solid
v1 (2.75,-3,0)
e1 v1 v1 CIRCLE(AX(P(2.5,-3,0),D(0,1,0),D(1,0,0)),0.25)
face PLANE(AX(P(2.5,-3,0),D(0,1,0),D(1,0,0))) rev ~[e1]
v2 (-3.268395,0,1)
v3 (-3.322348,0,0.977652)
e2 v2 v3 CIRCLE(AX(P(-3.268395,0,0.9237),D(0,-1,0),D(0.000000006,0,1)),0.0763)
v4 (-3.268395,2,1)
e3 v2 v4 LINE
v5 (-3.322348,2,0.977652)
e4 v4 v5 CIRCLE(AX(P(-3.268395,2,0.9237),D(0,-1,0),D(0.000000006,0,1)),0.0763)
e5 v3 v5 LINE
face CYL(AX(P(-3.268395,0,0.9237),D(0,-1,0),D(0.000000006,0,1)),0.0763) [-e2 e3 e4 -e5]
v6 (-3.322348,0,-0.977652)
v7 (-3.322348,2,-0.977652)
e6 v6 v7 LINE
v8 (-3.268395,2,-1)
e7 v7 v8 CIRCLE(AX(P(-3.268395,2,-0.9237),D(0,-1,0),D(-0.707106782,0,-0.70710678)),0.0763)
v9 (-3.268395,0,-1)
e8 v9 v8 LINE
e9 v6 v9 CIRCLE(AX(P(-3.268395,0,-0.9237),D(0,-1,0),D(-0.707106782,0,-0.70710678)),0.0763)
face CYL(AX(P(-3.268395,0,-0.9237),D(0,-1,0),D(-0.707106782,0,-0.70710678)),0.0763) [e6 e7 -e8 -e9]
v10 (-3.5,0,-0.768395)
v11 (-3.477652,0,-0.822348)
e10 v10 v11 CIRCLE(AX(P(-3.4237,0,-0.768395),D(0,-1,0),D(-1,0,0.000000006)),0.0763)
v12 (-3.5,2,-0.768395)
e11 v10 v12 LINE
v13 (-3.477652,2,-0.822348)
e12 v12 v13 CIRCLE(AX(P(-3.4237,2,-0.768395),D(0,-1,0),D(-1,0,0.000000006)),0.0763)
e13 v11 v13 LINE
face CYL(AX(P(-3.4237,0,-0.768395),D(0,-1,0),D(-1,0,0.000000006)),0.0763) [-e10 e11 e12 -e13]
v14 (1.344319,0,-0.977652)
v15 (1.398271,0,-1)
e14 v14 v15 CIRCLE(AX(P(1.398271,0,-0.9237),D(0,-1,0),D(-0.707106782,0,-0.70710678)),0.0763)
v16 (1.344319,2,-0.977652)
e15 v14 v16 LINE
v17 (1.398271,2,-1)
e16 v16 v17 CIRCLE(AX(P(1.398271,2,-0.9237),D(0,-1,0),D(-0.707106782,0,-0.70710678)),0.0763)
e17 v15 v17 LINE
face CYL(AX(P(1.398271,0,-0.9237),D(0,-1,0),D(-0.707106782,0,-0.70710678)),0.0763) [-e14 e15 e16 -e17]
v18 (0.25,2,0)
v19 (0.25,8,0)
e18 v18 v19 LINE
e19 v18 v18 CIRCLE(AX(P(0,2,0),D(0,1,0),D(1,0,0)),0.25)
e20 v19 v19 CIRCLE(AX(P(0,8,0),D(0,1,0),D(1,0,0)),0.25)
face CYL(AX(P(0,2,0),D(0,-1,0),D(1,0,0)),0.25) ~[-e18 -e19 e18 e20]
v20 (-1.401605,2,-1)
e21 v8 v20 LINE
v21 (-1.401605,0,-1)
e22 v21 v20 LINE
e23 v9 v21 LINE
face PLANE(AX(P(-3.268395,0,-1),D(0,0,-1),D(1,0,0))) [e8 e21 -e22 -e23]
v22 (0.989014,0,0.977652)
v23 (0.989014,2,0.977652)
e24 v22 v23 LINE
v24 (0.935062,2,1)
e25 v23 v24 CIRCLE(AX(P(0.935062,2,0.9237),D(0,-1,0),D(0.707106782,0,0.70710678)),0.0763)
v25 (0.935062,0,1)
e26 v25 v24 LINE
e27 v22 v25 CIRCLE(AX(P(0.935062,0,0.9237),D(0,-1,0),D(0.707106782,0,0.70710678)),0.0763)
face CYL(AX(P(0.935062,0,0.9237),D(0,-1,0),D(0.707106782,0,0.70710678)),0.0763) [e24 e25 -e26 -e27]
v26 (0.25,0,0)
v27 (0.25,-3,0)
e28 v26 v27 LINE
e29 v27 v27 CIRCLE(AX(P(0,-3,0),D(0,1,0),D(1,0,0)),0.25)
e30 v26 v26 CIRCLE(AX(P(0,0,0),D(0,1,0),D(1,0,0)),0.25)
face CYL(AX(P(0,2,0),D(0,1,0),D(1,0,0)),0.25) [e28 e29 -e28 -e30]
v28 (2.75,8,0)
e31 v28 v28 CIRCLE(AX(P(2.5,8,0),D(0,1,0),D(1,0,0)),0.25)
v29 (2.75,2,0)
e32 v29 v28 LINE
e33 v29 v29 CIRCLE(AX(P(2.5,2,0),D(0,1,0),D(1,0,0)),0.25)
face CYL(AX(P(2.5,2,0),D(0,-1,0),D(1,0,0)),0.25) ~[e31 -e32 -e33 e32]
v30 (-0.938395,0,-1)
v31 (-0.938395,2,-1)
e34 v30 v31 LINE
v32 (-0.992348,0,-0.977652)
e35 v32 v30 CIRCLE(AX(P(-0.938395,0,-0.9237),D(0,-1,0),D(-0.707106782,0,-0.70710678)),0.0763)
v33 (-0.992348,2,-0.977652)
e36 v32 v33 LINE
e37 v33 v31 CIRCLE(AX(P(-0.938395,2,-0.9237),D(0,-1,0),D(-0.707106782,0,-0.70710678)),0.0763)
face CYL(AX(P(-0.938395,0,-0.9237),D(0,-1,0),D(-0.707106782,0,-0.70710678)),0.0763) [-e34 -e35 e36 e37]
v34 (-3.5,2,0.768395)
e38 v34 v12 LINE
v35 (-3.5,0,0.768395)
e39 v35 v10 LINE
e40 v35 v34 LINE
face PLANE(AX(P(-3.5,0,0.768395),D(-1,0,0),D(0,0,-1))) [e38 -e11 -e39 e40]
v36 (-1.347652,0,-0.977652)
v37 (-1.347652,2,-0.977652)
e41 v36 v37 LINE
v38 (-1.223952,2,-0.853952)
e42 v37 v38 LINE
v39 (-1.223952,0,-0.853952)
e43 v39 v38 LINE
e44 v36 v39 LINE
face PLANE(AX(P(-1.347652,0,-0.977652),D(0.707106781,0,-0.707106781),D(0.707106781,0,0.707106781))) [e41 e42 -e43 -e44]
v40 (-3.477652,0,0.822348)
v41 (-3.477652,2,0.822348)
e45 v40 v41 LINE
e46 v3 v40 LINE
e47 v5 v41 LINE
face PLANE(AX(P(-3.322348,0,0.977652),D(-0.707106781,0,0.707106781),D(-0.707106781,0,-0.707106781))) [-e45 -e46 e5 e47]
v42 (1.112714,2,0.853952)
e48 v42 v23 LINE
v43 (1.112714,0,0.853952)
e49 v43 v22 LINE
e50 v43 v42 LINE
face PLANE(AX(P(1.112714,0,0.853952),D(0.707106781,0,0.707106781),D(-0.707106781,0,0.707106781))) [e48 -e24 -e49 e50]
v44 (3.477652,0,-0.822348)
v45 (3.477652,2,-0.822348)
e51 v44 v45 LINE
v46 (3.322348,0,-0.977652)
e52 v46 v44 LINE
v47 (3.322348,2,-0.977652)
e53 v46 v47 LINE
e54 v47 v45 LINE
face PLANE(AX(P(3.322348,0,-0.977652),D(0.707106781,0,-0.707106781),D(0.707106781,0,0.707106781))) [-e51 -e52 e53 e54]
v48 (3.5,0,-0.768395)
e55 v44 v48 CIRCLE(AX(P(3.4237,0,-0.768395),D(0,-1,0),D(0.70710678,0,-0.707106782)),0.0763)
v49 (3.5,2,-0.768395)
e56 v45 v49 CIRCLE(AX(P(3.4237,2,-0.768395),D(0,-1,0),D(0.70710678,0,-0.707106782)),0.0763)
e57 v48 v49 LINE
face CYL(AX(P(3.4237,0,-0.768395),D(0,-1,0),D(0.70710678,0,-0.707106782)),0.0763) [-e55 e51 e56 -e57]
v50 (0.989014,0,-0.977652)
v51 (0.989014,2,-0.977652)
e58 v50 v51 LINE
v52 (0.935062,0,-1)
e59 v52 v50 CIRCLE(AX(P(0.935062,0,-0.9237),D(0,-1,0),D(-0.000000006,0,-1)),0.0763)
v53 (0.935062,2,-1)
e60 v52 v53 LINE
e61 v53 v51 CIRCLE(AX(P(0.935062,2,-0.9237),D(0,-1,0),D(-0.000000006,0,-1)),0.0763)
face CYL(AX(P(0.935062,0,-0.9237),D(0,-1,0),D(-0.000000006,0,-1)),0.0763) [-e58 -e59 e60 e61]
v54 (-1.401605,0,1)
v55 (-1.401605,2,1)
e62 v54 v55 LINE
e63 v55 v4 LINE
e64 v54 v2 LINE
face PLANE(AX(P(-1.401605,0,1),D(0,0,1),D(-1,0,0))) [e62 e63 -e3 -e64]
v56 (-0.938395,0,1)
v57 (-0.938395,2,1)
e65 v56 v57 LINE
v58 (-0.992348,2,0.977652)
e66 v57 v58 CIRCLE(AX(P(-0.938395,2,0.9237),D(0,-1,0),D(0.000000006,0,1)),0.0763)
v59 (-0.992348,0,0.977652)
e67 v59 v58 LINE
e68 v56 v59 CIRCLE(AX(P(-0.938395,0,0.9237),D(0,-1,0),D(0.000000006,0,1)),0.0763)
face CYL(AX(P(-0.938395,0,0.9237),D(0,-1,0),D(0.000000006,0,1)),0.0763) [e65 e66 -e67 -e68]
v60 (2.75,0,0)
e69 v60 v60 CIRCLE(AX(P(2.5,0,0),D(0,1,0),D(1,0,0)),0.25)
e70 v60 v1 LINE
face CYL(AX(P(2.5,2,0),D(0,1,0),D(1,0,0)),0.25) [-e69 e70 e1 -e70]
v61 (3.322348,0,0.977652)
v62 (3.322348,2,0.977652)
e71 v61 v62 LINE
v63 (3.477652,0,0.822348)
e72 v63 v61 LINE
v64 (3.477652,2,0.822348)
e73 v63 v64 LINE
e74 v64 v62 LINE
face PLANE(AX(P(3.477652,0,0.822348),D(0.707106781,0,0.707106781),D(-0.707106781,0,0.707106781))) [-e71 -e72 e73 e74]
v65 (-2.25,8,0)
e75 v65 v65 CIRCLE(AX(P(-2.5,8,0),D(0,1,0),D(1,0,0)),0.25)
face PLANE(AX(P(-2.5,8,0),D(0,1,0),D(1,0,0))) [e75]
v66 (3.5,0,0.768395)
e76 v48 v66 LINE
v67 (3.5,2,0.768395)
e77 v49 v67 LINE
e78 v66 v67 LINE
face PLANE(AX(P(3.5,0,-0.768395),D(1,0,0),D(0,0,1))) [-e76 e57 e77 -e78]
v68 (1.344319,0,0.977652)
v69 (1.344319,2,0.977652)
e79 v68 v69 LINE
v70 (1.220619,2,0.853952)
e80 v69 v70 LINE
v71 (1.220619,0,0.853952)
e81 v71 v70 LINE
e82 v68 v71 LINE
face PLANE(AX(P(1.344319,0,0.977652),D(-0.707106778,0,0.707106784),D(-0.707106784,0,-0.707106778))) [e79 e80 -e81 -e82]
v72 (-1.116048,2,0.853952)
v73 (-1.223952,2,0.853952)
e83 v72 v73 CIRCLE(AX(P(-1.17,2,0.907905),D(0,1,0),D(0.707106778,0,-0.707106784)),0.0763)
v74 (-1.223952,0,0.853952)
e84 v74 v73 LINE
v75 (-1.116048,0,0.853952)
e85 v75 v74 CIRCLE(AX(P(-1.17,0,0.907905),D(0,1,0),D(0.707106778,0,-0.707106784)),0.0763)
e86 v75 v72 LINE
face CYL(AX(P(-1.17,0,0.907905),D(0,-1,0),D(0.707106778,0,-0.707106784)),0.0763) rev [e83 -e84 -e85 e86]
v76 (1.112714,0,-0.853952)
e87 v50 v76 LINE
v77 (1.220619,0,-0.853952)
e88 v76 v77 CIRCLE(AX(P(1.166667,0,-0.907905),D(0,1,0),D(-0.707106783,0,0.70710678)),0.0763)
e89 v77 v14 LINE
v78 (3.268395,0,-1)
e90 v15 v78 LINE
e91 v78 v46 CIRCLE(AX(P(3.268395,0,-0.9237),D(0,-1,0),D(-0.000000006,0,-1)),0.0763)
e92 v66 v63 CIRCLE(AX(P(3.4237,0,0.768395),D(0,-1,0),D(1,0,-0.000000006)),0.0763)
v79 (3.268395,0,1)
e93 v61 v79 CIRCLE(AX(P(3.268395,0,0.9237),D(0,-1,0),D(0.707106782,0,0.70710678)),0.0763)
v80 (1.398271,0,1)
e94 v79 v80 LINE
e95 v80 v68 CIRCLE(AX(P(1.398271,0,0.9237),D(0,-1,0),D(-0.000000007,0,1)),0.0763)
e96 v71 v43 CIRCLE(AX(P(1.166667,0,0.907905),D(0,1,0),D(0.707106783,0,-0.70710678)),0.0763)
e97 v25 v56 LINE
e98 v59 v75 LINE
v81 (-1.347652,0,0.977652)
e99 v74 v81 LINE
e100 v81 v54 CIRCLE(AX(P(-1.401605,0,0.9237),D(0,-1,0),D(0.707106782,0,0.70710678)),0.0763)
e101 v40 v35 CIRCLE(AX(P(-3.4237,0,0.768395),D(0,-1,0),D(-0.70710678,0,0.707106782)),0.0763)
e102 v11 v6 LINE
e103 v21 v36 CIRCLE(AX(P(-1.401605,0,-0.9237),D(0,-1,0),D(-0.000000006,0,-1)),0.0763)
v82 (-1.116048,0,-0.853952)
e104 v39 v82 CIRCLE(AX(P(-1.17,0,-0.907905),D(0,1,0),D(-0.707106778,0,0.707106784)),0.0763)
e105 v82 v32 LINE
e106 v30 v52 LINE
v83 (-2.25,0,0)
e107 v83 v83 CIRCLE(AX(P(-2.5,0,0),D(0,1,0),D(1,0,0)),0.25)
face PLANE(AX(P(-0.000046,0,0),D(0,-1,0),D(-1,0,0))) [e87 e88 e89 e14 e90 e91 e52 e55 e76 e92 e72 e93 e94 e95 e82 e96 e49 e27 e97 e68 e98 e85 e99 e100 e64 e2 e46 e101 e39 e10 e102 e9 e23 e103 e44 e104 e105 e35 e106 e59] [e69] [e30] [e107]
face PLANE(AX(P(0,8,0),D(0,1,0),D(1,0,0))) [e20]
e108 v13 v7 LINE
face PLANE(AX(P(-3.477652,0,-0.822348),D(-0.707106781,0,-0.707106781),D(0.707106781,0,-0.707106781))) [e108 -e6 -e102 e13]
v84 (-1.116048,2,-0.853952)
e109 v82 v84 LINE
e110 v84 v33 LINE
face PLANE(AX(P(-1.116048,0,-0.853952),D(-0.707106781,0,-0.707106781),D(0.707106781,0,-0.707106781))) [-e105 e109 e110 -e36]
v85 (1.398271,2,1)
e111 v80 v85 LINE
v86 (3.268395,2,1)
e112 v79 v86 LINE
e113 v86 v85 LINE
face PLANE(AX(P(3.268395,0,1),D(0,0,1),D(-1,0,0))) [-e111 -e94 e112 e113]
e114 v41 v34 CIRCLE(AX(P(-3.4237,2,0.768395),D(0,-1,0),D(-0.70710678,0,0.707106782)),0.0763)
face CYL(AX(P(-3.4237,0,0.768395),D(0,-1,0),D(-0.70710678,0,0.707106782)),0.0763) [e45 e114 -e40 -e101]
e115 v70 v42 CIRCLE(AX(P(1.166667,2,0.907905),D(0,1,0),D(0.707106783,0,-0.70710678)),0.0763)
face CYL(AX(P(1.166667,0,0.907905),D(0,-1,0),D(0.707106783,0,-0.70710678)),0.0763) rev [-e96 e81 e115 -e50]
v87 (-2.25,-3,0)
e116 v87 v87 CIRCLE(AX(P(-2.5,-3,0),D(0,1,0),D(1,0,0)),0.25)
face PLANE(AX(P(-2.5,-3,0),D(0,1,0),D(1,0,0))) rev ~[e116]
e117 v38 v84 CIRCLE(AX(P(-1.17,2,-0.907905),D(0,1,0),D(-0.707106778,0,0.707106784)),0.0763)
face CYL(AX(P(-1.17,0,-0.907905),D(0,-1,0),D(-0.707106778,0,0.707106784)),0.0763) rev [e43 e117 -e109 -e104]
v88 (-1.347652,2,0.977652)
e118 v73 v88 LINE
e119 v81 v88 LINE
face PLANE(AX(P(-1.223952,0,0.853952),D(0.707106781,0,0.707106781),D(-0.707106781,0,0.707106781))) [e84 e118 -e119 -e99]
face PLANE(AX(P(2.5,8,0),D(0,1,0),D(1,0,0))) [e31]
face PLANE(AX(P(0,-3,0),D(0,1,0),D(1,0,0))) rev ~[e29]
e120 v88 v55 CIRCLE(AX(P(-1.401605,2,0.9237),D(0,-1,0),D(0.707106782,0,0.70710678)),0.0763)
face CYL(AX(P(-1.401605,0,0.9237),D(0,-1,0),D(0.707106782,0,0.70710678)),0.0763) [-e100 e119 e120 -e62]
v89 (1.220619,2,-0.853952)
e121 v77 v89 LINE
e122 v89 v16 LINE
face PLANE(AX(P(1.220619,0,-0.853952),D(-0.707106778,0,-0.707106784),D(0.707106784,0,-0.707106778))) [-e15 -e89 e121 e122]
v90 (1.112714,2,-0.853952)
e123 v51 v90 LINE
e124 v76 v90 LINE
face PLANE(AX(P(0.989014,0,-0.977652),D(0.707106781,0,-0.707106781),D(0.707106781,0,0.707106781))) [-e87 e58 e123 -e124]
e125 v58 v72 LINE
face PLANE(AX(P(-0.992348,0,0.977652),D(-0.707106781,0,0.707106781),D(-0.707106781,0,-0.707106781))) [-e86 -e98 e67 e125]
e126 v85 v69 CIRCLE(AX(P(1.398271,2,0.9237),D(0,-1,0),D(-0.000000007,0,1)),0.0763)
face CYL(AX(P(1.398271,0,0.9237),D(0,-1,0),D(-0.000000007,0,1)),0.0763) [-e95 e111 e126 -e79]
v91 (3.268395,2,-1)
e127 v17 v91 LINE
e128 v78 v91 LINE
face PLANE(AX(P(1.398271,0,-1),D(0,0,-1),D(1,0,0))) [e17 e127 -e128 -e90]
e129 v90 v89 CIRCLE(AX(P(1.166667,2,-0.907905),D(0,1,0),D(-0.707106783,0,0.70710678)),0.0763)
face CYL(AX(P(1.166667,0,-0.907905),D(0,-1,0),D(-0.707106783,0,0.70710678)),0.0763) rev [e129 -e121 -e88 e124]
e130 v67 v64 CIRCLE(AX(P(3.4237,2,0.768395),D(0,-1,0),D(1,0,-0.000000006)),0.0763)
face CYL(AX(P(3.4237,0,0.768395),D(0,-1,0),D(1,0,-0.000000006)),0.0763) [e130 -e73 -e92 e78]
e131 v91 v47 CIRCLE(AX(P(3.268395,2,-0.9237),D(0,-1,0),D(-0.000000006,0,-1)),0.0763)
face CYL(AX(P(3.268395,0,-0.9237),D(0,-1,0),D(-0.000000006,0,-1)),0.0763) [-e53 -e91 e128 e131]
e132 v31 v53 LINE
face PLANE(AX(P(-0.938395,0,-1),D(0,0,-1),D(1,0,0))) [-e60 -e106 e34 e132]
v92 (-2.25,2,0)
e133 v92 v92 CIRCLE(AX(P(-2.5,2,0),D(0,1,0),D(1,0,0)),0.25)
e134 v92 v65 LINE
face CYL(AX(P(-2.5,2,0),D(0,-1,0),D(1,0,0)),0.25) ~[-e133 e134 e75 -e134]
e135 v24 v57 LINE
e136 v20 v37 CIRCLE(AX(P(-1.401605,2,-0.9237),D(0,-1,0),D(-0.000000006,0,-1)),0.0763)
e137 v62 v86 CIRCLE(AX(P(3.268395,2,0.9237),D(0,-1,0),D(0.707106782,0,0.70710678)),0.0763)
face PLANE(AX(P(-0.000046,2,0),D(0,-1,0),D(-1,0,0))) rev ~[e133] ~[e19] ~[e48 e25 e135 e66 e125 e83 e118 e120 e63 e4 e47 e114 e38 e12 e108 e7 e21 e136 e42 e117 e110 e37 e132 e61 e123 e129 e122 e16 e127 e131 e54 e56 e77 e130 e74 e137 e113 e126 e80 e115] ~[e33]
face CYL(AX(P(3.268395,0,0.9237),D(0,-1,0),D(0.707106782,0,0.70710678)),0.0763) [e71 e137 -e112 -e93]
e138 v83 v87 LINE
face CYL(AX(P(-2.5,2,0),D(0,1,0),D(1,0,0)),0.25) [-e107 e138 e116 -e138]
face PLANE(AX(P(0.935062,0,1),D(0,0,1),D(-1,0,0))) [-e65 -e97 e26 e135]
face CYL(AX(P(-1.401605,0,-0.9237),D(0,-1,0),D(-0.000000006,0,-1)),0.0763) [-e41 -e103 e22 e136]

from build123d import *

# Parameters (mm, degrees)
IZIM1_R                          = 0.25
Y_KSEKLIK_EKSTR_ZYON1_DEPTH      = 2
IZIM3_R                          = 0.25
Y_KSEKLIK_EKSTR_ZYON3_DEPTH      = 6
Y_KSEKLIK_EKSTR_ZYON3_DEPTH_BACK = 5


with BuildPart() as part:
    # Çizim1 → Yükseklik-Ekstrüzyon1 (new body)
    with BuildSketch(Plane(origin=(0, 0, 0), x_dir=(1, 0, 0), z_dir=(0, 1, 0))):
        with BuildLine():
            Line((-3.477652227, 0.822347773), (-3.322347773, 0.977652227))
            ThreePointArc((-3.322347773, 0.977652227), (-3.297594249, 0.994192003), (-3.268395476, 1))
            Line((-3.268395476, 1), (-1.401604524, 1))
            ThreePointArc((-1.401604524, 1), (-1.372405751, 0.994192003), (-1.347652227, 0.977652227))
            Line((-1.347652227, 0.977652227), (-1.223952297, 0.853952297))
            ThreePointArc((-1.223952297, 0.853952297), (-1.17, 0.831604524), (-1.116047703, 0.853952297))
            Line((-1.116047703, 0.853952297), (-0.992347773, 0.977652227))
            ThreePointArc((-0.992347773, 0.977652227), (-0.967594249, 0.994192003), (-0.938395476, 1))
            Line((-0.938395476, 1), (0.935062143, 1))
            ThreePointArc((0.935062143, 1), (0.964260916, 0.994192003), (0.98901444, 0.977652227))
            Line((0.98901444, 0.977652227), (1.11271437, 0.853952297))
            ThreePointArc((1.11271437, 0.853952297), (1.166666667, 0.831604524), (1.220618963, 0.853952297))
            Line((1.220618963, 0.853952297), (1.344318894, 0.977652227))
            ThreePointArc((1.344318894, 0.977652227), (1.369072418, 0.994192003), (1.39827119, 1))
            Line((1.39827119, 1), (3.268395476, 1))
            ThreePointArc((3.268395476, 1), (3.297594249, 0.994192003), (3.322347773, 0.977652227))
            Line((3.322347773, 0.977652227), (3.477652227, 0.822347773))
            ThreePointArc((3.477652227, 0.822347773), (3.494192003, 0.797594249), (3.5, 0.768395476))
            Line((3.5, 0.768395476), (3.5, -0.768395476))
            ThreePointArc((3.5, -0.768395476), (3.494192003, -0.797594249), (3.477652227, -0.822347773))
            Line((3.477652227, -0.822347773), (3.322347773, -0.977652227))
            ThreePointArc((3.322347773, -0.977652227), (3.297594249, -0.994192003), (3.268395476, -1))
            Line((3.268395476, -1), (1.39827119, -1))
            ThreePointArc((1.39827119, -1), (1.369072418, -0.994192003), (1.344318894, -0.977652227))
            Line((1.344318894, -0.977652227), (1.220618963, -0.853952297))
            ThreePointArc((1.220618963, -0.853952297), (1.166666667, -0.831604524), (1.11271437, -0.853952297))
            Line((1.11271437, -0.853952297), (0.98901444, -0.977652227))
            ThreePointArc((0.98901444, -0.977652227), (0.964260916, -0.994192003), (0.935062143, -1))
            Line((0.935062143, -1), (-0.938395476, -1))
            ThreePointArc((-0.938395476, -1), (-0.967594249, -0.994192003), (-0.992347773, -0.977652227))
            Line((-0.992347773, -0.977652227), (-1.116047703, -0.853952297))
            ThreePointArc((-1.116047703, -0.853952297), (-1.17, -0.831604524), (-1.223952297, -0.853952297))
            Line((-1.223952297, -0.853952297), (-1.347652227, -0.977652227))
            ThreePointArc((-1.347652227, -0.977652227), (-1.372405751, -0.994192003), (-1.401604524, -1))
            Line((-1.401604524, -1), (-3.268395476, -1))
            ThreePointArc((-3.268395476, -1), (-3.297594249, -0.994192003), (-3.322347773, -0.977652227))
            Line((-3.322347773, -0.977652227), (-3.477652227, -0.822347773))
            ThreePointArc((-3.477652227, -0.822347773), (-3.494192003, -0.797594249), (-3.5, -0.768395476))
            Line((-3.5, -0.768395476), (-3.5, 0.768395476))
            ThreePointArc((-3.5, 0.768395476), (-3.494192003, 0.797594249), (-3.477652227, 0.822347773))
        make_face()
        Circle(IZIM1_R, mode=Mode.SUBTRACT)
        with Locations((-2.5, 0)):
            Circle(IZIM1_R, mode=Mode.SUBTRACT)
        with Locations((2.5, 0)):
            Circle(IZIM1_R, mode=Mode.SUBTRACT)
    extrude(amount=Y_KSEKLIK_EKSTR_ZYON1_DEPTH)

    # Çizim3 → Yükseklik-Ekstrüzyon3 (add, two sides)
    with BuildSketch(Plane(origin=(0, 2, 0), x_dir=(1, 0, 0), z_dir=(0, 1, 0))) as y_kseklik_ekstr_zyon3_sk:
        with Locations((-2.5, 0)):
            Circle(IZIM3_R)
        Circle(IZIM3_R)
        with Locations((2.5, 0)):
            Circle(IZIM3_R)
    extrude(amount=Y_KSEKLIK_EKSTR_ZYON3_DEPTH)
    extrude(y_kseklik_ekstr_zyon3_sk.sketch, amount=-Y_KSEKLIK_EKSTR_ZYON3_DEPTH_BACK)


solid = part.part
